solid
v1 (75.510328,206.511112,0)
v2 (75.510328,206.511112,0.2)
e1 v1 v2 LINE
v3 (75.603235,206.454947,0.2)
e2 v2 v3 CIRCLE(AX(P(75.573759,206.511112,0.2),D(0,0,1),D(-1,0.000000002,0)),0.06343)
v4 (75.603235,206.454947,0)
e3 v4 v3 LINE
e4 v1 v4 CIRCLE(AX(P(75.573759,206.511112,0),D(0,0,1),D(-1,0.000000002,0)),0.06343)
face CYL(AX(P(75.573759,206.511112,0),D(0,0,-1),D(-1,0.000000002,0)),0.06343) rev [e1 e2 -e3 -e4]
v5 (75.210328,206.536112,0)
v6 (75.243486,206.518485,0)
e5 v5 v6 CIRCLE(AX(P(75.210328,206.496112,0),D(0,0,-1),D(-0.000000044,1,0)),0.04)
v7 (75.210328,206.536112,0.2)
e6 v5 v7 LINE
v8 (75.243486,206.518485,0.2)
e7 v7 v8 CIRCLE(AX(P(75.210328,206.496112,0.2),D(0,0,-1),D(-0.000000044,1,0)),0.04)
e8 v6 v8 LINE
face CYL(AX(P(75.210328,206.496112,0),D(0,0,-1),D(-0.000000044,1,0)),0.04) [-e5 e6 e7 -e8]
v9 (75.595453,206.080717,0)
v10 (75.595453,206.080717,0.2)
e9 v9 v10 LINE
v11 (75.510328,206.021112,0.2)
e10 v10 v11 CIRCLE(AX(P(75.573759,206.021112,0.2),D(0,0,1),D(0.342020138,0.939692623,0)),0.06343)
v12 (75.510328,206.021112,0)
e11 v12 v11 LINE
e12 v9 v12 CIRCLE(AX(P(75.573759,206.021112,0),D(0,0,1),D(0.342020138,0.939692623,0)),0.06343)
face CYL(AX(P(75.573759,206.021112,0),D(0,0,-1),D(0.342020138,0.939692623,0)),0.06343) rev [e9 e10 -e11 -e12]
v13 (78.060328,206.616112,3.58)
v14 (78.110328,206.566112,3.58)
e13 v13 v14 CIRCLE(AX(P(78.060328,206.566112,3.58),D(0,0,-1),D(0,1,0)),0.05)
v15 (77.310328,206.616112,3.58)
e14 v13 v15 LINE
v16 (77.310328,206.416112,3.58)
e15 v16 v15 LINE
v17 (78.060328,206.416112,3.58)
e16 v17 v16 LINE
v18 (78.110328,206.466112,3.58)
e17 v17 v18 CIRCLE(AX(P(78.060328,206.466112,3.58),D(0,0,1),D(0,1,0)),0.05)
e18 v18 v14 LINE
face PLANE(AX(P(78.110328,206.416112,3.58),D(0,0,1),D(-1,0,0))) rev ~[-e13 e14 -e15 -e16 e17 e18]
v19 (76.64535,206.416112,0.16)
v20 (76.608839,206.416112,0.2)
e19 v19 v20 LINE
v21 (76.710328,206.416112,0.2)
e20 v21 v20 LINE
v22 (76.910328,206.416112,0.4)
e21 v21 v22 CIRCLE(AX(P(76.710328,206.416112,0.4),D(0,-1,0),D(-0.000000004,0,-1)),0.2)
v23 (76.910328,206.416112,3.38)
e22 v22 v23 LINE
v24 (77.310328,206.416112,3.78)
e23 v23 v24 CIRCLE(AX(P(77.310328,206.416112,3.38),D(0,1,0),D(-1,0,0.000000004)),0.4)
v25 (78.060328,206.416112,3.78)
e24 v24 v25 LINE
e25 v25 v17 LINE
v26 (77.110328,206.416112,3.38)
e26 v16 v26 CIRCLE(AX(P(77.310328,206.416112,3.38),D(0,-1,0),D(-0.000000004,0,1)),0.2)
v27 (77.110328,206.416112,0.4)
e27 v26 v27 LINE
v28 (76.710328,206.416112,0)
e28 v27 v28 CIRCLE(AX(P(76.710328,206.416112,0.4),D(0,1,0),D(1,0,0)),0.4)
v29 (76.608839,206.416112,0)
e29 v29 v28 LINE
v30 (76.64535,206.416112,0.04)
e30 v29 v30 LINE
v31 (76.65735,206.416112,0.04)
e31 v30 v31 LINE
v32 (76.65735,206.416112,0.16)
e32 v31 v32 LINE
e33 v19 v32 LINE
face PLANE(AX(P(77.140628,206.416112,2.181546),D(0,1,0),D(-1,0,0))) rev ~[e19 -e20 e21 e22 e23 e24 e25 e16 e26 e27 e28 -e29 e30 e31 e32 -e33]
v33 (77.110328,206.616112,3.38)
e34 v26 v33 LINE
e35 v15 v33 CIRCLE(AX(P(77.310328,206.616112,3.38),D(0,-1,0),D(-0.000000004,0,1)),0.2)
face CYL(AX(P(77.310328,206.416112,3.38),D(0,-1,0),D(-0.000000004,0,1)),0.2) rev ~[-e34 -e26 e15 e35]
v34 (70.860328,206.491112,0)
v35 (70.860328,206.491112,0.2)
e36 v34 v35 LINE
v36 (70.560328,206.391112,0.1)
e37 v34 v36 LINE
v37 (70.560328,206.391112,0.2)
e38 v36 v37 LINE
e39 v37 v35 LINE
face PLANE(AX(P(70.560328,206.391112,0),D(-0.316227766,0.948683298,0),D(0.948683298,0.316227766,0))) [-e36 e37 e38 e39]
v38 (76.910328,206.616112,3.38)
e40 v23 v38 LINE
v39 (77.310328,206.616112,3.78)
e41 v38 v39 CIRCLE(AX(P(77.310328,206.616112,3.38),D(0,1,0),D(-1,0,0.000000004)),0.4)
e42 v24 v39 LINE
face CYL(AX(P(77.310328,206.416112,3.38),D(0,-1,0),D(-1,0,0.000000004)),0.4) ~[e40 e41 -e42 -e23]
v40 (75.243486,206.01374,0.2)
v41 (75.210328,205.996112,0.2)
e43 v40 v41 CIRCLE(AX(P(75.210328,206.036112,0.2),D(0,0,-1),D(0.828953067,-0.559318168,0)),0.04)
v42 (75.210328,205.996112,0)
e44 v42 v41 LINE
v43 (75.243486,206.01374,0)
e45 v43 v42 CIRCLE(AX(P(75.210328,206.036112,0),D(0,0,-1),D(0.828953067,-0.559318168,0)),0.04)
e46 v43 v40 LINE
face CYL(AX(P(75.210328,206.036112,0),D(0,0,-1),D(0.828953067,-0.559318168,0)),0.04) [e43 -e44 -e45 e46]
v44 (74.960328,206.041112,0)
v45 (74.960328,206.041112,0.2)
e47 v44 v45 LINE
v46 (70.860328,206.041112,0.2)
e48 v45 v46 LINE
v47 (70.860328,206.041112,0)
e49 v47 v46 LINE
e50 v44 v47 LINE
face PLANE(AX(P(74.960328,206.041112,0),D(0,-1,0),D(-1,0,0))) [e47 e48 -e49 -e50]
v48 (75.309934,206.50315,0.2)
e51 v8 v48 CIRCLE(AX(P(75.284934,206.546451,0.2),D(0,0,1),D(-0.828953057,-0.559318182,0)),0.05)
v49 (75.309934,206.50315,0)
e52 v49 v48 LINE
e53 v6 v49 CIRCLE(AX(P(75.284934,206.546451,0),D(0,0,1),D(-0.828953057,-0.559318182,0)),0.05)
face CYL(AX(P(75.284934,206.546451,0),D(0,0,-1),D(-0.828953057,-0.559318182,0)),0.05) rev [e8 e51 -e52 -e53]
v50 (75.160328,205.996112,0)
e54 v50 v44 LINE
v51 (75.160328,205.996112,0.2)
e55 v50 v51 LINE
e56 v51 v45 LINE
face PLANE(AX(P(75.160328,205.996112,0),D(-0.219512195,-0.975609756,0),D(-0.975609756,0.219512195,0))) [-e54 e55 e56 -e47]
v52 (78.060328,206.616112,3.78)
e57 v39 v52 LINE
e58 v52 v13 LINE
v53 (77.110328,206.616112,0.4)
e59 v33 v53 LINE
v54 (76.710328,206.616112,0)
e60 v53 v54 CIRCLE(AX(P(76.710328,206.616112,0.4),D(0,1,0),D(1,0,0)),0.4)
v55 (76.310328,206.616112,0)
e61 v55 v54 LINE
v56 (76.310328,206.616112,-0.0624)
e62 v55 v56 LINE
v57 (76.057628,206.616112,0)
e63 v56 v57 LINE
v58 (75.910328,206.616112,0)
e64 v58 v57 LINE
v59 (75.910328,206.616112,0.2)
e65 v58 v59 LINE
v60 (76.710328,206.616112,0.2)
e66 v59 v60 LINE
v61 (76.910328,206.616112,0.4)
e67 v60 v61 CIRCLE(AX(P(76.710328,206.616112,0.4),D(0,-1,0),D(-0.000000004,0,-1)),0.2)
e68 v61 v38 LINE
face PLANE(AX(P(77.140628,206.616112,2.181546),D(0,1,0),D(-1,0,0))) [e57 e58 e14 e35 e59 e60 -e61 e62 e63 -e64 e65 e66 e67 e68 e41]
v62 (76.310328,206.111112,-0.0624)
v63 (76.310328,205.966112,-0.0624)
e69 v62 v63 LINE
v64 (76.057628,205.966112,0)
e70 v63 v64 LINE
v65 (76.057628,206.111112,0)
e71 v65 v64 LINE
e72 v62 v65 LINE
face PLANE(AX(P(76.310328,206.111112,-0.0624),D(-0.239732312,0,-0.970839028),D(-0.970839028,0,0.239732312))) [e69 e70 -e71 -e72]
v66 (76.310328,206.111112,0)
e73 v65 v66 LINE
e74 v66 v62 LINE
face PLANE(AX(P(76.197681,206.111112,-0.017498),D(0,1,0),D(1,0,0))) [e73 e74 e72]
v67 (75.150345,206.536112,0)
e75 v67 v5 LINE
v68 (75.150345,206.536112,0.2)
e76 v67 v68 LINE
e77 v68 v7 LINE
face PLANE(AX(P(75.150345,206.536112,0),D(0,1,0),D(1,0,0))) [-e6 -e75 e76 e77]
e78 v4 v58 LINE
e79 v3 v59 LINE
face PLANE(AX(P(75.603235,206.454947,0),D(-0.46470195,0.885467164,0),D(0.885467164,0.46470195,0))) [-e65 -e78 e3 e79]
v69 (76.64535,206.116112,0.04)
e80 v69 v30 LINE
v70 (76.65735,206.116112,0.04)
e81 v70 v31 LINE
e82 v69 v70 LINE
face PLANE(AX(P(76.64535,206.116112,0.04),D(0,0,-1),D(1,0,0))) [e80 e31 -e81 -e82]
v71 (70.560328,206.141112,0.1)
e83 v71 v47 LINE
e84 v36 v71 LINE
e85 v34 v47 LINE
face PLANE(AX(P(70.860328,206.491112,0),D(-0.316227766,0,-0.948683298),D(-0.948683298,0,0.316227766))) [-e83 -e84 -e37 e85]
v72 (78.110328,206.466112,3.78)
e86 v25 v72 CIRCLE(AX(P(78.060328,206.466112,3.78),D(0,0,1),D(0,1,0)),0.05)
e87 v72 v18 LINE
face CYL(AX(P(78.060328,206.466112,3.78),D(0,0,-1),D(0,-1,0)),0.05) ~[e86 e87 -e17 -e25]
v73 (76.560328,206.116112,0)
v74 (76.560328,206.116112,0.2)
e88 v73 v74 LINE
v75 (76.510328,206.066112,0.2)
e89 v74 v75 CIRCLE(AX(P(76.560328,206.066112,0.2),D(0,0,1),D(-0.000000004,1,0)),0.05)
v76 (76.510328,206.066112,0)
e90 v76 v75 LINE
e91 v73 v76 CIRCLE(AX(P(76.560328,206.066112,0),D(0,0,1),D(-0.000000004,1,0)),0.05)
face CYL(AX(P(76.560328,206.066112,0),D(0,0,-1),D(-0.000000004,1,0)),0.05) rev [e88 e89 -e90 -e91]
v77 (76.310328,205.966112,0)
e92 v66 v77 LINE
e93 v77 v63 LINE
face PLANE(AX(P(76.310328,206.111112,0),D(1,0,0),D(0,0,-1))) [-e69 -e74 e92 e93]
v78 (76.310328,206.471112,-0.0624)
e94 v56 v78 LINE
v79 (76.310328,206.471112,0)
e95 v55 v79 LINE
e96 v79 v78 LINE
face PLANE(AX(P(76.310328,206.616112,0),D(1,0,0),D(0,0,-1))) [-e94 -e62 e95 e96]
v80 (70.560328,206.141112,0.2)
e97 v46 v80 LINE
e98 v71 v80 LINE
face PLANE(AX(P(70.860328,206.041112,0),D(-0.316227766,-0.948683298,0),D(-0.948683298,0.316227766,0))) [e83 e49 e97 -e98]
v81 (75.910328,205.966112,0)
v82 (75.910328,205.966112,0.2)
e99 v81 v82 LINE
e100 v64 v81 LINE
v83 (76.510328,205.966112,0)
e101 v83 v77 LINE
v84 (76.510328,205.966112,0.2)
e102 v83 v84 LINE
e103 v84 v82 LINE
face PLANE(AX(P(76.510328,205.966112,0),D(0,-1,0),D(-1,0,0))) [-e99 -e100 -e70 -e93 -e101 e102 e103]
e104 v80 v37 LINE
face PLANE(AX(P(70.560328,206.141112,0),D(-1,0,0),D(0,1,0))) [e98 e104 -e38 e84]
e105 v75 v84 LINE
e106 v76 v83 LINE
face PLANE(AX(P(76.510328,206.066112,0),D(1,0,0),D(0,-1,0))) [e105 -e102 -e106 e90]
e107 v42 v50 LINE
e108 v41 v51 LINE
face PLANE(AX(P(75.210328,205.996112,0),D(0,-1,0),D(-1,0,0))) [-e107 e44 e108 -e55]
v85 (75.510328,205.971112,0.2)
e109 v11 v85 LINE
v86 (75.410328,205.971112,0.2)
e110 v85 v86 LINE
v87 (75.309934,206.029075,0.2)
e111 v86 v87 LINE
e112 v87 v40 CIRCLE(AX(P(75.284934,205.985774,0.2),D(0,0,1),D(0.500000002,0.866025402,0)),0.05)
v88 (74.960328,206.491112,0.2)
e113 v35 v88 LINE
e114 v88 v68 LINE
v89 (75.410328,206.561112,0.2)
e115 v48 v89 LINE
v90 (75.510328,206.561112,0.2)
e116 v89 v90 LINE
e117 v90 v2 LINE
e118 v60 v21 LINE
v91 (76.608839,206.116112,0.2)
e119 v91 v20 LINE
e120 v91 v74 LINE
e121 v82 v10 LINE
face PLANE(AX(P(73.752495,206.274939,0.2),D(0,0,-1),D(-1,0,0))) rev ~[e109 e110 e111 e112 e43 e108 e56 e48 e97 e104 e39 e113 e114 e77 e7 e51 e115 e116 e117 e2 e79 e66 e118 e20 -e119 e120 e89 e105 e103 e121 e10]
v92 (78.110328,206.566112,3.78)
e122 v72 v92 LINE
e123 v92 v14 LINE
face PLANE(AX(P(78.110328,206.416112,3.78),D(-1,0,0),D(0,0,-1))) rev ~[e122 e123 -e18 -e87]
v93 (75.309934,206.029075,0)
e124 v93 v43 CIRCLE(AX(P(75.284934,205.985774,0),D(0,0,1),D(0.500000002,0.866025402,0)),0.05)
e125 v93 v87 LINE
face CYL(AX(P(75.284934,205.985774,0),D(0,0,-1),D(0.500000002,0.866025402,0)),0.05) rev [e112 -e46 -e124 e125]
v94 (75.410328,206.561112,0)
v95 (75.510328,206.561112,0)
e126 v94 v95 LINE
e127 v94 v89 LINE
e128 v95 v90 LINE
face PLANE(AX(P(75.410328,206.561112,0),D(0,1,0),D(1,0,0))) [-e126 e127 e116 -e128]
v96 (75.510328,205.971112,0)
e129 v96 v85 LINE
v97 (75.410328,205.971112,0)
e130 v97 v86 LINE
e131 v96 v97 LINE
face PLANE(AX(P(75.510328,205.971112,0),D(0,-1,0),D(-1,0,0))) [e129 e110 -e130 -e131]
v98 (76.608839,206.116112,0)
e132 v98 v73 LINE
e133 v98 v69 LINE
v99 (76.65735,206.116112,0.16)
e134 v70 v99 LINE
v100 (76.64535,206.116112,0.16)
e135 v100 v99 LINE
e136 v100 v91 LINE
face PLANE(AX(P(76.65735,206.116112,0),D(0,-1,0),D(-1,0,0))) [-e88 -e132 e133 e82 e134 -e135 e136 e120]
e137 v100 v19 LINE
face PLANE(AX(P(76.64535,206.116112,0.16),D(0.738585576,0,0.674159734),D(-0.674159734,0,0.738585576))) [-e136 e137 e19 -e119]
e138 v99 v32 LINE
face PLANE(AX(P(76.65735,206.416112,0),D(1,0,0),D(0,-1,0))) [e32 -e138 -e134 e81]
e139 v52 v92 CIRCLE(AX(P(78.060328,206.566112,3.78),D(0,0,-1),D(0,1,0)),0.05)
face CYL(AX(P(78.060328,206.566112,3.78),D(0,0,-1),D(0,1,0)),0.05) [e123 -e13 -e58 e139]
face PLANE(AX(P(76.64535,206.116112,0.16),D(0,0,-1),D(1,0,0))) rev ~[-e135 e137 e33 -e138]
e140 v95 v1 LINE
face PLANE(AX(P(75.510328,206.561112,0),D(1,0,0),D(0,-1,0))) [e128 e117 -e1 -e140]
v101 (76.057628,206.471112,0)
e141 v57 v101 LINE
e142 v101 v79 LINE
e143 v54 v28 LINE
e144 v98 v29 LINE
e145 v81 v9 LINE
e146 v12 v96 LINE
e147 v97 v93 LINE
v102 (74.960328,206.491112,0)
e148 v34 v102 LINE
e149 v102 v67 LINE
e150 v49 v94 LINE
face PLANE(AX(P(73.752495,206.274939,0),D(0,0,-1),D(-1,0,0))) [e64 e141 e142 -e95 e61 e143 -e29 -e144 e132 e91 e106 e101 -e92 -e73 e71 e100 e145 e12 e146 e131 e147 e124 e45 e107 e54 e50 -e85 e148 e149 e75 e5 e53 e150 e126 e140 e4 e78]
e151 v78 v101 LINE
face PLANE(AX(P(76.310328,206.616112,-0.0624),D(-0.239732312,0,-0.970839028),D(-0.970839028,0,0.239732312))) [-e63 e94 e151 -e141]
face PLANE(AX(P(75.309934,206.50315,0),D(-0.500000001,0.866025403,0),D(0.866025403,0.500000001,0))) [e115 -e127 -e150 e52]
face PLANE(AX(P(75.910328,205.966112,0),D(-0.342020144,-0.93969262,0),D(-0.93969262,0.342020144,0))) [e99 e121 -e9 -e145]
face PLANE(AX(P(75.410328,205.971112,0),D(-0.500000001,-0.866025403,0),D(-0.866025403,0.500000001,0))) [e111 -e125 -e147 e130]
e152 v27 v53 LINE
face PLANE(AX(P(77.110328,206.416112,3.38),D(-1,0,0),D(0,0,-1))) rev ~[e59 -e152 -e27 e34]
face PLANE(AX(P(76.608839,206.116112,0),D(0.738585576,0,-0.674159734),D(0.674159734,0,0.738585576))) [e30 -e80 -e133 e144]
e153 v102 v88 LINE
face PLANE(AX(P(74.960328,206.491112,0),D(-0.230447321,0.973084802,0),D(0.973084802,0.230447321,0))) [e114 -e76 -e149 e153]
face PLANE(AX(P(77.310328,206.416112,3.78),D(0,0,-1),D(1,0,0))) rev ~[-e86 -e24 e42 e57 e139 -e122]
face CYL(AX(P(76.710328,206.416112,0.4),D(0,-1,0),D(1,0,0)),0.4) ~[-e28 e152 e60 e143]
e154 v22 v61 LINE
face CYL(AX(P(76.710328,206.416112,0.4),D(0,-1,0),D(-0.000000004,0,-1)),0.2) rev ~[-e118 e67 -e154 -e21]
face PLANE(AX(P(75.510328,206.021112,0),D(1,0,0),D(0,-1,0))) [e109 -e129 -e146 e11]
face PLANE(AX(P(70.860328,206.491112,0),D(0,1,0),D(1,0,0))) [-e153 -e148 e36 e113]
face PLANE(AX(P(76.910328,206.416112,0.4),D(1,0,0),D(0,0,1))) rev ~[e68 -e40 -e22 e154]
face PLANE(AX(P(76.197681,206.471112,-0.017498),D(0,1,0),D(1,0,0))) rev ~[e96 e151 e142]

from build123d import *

# Parameters (mm, degrees)
RESSALTO_EXTRUS_O1_DEPTH = 0.2
RESSALTO_EXTRUS_O2_DEPTH = 0.2
CORTE_EXTRUS_O1_DEPTH    = 1
FILETE1_R                = 0.05
RESSALTO_EXTRUS_O3_DEPTH = 0.145
PADR_O_LINEAR1_COUNT     = 2
PADR_O_LINEAR1_PITCH     = 0.505
CORTE_EXTRUS_O2_DEPTH    = 0.3


with BuildPart() as part:
    # Esboço1 → Ressalto-extrusão1 (new body)
    with BuildSketch(Plane.XY):
        with BuildLine():
            Line((76.710328142, 206.616112347), (76.710328142, 206.416112347))
            Line((76.710328142, 206.416112347), (76.657349848, 206.416112347))
            Line((76.657349848, 206.416112347), (76.657349848, 206.116112347))
            Line((76.657349848, 206.116112347), (76.645328142, 206.116112347))
            Line((76.645328142, 206.116112347), (76.610328142, 206.116112347))
            Line((76.610328142, 206.116112347), (76.560328142, 206.116112347))
            ThreePointArc((76.560328142, 206.116112347), (76.524972803, 206.101467686), (76.510328142, 206.066112347))
            Line((76.510328142, 206.066112347), (76.510328142, 205.966112347))
            Line((76.510328142, 205.966112347), (76.110328142, 205.966112347))
            Line((76.110328142, 205.966112347), (76.081970009, 205.966112347))
            Line((76.081970009, 205.966112347), (75.910328142, 205.966112347))
            Line((75.910328142, 205.966112347), (75.595453106, 206.080717488))
            ThreePointArc((75.595453106, 206.080717488), (75.537376388, 206.073071543), (75.510328142, 206.021112347))
            Line((75.510328142, 206.021112347), (75.510328142, 205.971112347))
            Line((75.510328142, 205.971112347), (75.410328142, 205.971112347))
            Line((75.410328142, 205.971112347), (75.309933917, 206.02907498))
            ThreePointArc((75.309933917, 206.02907498), (75.273690046, 206.034493063), (75.243486264, 206.013739619))
            ThreePointArc((75.243486264, 206.013739619), (75.229104336, 206.000793024), (75.210328142, 205.996112347))
            Line((75.210328142, 205.996112347), (75.160328142, 205.996112347))
            Line((75.160328142, 205.996112347), (74.960328142, 206.041112347))
            Line((74.960328142, 206.041112347), (70.860328142, 206.041112347))
            Line((70.860328142, 206.041112347), (70.560328142, 206.141112347))
            Line((70.560328142, 206.141112347), (70.560328142, 206.391112347))
            Line((70.560328142, 206.391112347), (70.860328142, 206.491112347))
            Line((70.860328142, 206.491112347), (74.960328142, 206.491112347))
            Line((74.960328142, 206.491112347), (75.150344741, 206.536112347))
            Line((75.150344741, 206.536112347), (75.210328142, 206.536112347))
            ThreePointArc((75.210328142, 206.536112347), (75.229104336, 206.53143167), (75.243486264, 206.518485075))
            ThreePointArc((75.243486264, 206.518485075), (75.273690046, 206.497731631), (75.309933917, 206.503149714))
            Line((75.309933917, 206.503149714), (75.410328142, 206.561112347))
            Line((75.410328142, 206.561112347), (75.510328142, 206.561112347))
            Line((75.510328142, 206.561112347), (75.510328142, 206.511112347))
            ThreePointArc((75.510328142, 206.511112347), (75.540942979, 206.456830135), (75.60323487, 206.454946752))
            Line((75.60323487, 206.454946752), (75.910328142, 206.616112347))
            Line((75.910328142, 206.616112347), (76.081970009, 206.616112347))
            Line((76.081970009, 206.616112347), (76.110328142, 206.616112347))
            Line((76.110328142, 206.616112347), (76.710328142, 206.616112347))
        make_face()
    extrude(amount=RESSALTO_EXTRUS_O1_DEPTH)

    # Esboço2 → Ressalto-extrusão2 (add)
    with BuildSketch(Plane.XZ.offset(-206.416112347)):
        with BuildLine():
            Line((76.710328142, 0), (76.710328142, 0.2))
            ThreePointArc((76.710328142, 0.2), (76.851749499, 0.258578644), (76.910328142, 0.4))
            Line((76.910328142, 0.4), (76.910328142, 3.38))
            ThreePointArc((76.910328142, 3.38), (77.02748543, 3.662842712), (77.310328142, 3.78))
            Line((77.310328142, 3.78), (78.110328142, 3.78))
            Line((78.110328142, 3.78), (78.110328142, 3.58))
            Line((78.110328142, 3.58), (77.310328142, 3.58))
            ThreePointArc((77.310328142, 3.58), (77.168906786, 3.521421356), (77.110328142, 3.38))
            Line((77.110328142, 3.38), (77.110328142, 0.4))
            ThreePointArc((77.110328142, 0.4), (76.993170855, 0.117157288), (76.710328142, 0))
        make_face()
    extrude(amount=-RESSALTO_EXTRUS_O2_DEPTH)

    # Esboço3 → Corte-extrusão1 (cut)
    with BuildSketch(Plane(origin=(0, 206.491112347, 0), x_dir=(1, 0, 0), z_dir=(0, 1, 0))):
        Polygon((70.860328142, 0), (70.560328142, -0.1), (70.475949981, -0.1), (70.475949981, 0.09851766), (70.860328142, 0.09851766), align=None)
    extrude(amount=-CORTE_EXTRUS_O1_DEPTH, mode=Mode.SUBTRACT)

    # Filete1
    filete1_edges = [part.edges().sort_by_distance(p)[0] for p in [
        (78.110328142, 206.616112347, 3.68),
        (78.110328142, 206.416112347, 3.68),
    ]]
    fillet(filete1_edges, radius=FILETE1_R)

    # Esboço4 → Ressalto-extrusão3 (add)
    with BuildSketch(Plane(origin=(0, 206.616112347, 0), x_dir=(1, 0, 0), z_dir=(0, 1, 0))):
        Polygon((76.057628142, 0), (76.310328142, 0), (76.310328142, 0.0624), align=None)
    ressalto_extrus_o3 = extrude(amount=-RESSALTO_EXTRUS_O3_DEPTH)

    # Padrão linear1: Ressalto-extrusão3 ×2
    with Locations(*[(0, -i * PADR_O_LINEAR1_PITCH, 0) for i in range(1, PADR_O_LINEAR1_COUNT)]):
        add(ressalto_extrus_o3)

    # Esboço5 → Corte-extrusão2 (cut)
    with BuildSketch(Plane.XZ.offset(-206.116112347)):
        Polygon((76.657349848, 0.16), (76.645349848, 0.16), (76.608838995, 0.2), (76.608838995, 0.232444762), (76.679680574, 0.232444762), (76.679680574, 0.16), align=None)
        Polygon((76.608838995, 0), (76.645349848, 0.04), (76.679680574, 0.04), (76.679680574, -0.014078239), (76.608838995, -0.014078239), align=None)
    extrude(amount=-CORTE_EXTRUS_O2_DEPTH, mode=Mode.SUBTRACT)


solid = part.part
